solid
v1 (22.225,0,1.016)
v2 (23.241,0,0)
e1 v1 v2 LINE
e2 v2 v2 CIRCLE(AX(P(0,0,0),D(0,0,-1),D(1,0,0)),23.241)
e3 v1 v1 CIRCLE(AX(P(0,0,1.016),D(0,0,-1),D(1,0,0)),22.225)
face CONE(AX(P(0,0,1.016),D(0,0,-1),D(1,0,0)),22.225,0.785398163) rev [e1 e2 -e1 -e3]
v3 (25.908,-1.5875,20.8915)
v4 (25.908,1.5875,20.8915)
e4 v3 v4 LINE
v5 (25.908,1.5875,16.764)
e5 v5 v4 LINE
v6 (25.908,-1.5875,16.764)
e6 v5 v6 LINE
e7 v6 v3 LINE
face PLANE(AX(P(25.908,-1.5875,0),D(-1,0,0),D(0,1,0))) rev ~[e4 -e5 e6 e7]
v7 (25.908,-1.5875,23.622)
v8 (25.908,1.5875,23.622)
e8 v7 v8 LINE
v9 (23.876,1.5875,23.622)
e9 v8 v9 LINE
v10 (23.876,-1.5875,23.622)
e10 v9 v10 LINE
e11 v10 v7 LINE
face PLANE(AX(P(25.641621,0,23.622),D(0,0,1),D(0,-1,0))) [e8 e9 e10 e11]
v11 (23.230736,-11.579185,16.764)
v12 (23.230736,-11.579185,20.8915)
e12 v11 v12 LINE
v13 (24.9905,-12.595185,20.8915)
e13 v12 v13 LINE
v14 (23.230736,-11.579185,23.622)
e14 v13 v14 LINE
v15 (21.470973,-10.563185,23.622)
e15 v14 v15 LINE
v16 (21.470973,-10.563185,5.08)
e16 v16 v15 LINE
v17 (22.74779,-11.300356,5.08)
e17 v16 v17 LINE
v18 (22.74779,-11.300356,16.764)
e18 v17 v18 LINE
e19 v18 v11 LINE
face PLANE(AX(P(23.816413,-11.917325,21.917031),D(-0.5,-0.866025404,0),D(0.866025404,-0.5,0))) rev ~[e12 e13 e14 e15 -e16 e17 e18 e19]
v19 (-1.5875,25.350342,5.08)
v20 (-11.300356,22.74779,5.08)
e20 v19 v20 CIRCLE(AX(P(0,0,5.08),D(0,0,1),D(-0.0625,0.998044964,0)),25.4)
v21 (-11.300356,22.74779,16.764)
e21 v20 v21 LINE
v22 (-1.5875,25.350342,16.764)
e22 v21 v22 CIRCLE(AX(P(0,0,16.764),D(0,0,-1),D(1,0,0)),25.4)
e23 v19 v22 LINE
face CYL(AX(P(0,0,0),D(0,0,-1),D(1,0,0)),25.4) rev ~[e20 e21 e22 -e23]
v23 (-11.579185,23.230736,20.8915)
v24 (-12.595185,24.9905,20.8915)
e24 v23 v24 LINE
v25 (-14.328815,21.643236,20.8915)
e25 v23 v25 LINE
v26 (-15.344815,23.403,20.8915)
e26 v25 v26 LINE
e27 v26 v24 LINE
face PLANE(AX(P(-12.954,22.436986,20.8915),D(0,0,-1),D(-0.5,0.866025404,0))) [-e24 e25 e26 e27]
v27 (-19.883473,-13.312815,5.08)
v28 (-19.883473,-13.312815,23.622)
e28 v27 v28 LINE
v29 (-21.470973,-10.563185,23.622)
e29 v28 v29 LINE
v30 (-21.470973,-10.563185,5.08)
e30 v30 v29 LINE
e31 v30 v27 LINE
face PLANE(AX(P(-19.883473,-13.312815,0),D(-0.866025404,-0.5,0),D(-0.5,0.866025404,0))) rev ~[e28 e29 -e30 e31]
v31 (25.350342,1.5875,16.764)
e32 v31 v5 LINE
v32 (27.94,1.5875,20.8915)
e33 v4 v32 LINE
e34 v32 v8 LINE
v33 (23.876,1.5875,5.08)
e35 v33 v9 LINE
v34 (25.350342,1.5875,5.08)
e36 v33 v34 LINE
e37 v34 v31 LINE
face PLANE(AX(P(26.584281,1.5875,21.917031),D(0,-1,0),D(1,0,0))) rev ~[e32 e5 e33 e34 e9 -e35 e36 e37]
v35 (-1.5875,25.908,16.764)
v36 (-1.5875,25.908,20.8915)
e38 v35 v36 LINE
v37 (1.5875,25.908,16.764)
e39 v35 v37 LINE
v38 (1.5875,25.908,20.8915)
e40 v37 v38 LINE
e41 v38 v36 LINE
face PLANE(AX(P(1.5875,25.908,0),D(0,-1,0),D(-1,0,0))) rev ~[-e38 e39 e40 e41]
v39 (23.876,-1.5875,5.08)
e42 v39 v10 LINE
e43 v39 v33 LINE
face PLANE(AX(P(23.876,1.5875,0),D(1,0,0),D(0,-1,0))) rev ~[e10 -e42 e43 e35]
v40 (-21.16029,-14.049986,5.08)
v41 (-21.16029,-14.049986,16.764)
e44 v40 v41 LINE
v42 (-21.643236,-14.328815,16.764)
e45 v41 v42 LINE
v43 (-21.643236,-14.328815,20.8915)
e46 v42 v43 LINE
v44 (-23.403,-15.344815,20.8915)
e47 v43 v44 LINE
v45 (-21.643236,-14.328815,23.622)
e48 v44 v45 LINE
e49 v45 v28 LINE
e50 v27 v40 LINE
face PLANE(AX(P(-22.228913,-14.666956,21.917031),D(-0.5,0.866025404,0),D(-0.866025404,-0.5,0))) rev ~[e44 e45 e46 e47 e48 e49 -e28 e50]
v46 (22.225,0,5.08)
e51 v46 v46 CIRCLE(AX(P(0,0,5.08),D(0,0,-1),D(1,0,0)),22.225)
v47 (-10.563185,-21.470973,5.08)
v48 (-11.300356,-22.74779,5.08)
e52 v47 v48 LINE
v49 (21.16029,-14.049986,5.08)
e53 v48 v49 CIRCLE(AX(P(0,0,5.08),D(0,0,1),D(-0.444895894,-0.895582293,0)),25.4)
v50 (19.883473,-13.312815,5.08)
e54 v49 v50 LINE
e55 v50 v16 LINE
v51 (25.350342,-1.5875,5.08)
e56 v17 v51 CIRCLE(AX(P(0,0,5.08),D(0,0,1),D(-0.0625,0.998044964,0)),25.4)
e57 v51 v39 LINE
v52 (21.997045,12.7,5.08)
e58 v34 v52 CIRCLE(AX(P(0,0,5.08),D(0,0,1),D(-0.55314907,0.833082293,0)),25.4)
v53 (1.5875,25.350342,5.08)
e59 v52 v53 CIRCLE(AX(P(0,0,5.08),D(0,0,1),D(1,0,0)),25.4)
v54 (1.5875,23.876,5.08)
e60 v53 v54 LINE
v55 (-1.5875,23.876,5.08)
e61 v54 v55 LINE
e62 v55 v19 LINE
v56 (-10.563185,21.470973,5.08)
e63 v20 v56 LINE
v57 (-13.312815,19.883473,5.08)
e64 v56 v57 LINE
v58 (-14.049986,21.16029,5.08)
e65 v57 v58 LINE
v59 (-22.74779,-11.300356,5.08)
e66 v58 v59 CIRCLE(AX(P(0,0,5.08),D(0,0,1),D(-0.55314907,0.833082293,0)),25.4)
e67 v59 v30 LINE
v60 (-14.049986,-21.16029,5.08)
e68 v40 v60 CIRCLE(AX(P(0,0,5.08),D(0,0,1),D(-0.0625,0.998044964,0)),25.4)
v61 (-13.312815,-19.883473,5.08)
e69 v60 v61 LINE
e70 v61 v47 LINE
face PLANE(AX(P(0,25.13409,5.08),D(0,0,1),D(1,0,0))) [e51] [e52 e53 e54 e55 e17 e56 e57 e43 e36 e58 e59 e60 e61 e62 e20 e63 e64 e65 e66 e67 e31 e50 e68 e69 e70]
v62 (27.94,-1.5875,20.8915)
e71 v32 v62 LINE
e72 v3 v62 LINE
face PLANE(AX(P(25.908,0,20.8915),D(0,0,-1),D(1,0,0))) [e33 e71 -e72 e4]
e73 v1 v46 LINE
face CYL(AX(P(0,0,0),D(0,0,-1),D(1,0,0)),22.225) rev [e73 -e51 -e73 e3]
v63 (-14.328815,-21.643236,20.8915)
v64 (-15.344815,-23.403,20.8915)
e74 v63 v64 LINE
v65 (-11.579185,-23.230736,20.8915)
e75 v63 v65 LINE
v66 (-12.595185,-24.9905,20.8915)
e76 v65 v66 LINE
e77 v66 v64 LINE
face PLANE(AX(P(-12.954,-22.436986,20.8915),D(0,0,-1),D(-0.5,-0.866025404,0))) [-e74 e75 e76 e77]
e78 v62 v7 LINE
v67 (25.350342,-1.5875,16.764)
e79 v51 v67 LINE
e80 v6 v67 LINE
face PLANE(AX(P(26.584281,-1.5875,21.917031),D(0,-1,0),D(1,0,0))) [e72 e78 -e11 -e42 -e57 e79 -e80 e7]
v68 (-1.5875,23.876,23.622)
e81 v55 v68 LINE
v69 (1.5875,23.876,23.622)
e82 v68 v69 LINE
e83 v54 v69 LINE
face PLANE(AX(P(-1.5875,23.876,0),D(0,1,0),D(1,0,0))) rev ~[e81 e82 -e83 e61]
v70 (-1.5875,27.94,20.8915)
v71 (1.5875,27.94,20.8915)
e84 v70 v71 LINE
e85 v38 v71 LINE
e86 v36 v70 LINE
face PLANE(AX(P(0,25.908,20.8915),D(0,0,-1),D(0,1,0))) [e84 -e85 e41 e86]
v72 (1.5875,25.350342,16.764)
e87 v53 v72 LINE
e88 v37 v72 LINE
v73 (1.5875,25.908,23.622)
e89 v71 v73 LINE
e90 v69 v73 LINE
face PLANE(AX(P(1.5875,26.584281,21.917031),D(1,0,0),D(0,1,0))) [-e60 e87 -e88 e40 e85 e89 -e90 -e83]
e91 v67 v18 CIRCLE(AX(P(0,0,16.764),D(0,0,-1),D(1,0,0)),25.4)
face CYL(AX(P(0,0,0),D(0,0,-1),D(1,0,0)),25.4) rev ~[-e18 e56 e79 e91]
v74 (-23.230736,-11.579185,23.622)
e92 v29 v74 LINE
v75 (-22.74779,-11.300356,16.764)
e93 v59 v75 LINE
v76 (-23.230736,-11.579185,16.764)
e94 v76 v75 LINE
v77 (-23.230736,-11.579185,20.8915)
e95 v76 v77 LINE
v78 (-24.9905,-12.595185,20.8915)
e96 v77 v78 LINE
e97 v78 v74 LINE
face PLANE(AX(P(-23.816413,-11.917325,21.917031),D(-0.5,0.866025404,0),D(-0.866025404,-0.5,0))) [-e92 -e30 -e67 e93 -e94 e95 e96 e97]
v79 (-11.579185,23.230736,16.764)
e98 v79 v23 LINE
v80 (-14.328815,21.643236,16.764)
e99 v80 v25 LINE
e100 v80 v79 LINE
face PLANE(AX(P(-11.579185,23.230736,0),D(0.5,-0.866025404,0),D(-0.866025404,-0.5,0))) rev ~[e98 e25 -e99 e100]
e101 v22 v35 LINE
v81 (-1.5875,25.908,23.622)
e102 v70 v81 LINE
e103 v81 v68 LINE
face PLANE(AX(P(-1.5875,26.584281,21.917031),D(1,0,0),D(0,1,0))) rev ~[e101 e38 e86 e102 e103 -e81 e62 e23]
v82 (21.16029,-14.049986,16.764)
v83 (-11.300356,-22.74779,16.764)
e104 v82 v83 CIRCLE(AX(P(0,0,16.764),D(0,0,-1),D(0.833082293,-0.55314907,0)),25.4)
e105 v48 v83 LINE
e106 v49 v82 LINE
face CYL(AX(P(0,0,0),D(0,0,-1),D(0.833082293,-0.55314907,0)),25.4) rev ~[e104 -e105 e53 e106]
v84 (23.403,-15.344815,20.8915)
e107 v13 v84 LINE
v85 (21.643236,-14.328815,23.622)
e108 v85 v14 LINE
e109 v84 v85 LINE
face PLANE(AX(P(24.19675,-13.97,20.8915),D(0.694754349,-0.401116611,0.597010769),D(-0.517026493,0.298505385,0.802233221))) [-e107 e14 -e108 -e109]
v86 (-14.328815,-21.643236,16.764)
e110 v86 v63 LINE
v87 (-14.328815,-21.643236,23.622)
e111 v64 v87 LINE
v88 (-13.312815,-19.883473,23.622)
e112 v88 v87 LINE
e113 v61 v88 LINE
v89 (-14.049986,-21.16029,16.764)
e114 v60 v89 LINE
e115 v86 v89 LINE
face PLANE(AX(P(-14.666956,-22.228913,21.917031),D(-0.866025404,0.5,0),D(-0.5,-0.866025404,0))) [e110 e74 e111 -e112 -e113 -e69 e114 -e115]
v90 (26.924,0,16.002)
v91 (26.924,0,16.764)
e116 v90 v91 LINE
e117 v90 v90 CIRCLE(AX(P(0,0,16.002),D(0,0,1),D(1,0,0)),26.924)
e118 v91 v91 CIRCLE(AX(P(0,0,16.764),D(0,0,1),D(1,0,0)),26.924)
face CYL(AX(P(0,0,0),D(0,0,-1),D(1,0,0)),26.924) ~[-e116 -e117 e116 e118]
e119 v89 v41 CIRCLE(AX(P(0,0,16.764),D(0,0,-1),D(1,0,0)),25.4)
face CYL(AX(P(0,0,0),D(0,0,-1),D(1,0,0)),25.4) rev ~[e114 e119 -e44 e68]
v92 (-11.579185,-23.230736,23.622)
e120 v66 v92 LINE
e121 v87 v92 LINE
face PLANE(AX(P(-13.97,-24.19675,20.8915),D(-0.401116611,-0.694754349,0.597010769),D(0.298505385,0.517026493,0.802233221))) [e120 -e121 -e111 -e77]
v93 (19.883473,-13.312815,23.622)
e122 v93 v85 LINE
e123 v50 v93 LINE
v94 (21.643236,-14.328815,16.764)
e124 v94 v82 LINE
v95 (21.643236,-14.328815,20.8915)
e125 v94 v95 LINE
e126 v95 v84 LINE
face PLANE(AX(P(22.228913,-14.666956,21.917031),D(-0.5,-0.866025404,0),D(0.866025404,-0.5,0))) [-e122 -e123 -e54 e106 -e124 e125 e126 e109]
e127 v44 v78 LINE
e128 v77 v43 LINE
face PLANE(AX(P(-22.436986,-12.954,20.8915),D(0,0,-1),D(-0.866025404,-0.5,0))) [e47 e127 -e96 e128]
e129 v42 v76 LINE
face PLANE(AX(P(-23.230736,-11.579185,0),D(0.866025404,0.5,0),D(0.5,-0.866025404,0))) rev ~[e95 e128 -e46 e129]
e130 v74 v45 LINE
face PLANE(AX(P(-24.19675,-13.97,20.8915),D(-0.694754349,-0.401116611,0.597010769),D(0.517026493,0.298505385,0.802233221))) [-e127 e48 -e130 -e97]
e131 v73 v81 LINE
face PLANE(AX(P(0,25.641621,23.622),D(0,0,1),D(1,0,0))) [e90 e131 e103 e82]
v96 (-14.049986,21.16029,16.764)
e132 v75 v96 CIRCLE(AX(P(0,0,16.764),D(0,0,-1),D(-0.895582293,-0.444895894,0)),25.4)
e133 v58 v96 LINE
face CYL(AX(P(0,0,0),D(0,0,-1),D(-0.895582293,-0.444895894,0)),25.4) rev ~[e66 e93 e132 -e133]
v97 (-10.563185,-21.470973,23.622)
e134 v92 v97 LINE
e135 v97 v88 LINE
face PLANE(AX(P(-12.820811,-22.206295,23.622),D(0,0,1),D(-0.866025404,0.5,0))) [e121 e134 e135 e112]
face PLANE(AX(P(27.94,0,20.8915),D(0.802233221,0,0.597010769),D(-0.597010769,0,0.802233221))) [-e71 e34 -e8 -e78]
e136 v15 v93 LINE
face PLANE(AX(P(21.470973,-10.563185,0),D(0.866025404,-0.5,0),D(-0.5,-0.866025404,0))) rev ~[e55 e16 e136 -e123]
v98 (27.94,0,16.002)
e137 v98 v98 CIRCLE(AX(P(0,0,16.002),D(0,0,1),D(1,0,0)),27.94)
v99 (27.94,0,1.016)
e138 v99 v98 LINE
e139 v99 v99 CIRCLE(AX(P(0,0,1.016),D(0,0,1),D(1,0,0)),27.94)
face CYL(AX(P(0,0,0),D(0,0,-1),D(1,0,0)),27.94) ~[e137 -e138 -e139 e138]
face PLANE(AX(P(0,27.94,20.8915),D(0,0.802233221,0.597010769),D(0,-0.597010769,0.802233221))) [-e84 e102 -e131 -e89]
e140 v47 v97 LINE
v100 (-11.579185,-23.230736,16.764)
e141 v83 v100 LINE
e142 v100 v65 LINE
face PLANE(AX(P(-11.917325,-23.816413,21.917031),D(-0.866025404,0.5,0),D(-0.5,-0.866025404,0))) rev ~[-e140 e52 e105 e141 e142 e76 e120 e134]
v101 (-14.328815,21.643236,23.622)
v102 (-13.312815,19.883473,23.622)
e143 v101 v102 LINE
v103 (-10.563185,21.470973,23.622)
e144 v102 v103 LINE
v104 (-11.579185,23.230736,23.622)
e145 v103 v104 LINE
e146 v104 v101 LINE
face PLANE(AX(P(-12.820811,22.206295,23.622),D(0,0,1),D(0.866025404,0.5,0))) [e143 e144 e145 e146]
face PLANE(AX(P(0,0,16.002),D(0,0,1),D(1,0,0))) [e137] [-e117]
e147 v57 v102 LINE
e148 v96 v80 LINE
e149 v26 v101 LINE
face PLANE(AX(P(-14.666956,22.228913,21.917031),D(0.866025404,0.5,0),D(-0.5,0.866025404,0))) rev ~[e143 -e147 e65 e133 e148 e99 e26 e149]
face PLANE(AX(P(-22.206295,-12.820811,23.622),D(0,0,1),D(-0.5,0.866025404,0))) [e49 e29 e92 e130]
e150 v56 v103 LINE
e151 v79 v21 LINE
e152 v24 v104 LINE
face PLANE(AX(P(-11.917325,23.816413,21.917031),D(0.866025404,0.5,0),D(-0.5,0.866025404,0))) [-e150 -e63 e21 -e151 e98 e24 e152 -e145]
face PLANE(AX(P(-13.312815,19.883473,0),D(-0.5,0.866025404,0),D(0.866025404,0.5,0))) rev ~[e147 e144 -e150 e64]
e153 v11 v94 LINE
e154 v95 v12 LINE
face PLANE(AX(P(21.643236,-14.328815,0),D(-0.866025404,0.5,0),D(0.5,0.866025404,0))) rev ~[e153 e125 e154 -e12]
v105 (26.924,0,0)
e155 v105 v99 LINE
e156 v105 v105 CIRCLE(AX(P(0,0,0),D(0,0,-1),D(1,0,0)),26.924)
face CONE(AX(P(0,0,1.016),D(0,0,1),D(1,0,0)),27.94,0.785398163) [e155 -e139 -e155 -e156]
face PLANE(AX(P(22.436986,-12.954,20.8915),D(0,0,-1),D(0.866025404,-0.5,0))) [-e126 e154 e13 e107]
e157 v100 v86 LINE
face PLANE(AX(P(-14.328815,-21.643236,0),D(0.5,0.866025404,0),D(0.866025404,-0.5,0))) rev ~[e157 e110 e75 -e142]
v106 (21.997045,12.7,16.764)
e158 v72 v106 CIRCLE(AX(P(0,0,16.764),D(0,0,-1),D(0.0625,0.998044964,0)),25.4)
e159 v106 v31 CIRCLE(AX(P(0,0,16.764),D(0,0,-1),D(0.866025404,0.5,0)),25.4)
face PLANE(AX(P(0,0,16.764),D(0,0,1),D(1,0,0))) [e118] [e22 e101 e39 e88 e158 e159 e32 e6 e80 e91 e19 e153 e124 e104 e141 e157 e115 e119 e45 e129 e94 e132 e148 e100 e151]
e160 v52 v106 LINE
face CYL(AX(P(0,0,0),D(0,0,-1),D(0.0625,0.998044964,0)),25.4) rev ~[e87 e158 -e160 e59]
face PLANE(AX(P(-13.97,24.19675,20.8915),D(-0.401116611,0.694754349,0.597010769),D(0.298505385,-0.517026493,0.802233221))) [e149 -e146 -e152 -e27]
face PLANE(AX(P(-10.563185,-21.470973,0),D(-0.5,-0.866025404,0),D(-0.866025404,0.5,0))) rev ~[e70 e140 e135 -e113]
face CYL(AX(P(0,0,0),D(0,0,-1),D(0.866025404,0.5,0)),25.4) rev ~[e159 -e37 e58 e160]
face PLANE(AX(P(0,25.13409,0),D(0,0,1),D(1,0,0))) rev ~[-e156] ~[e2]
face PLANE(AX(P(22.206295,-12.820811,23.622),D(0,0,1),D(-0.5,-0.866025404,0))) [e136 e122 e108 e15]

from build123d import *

# Parameters (mm, degrees)
F0_R      = 26.924
F1_DEPTH  = 16.764
F0_R_2    = 27.94
F2_DEPTH  = 16.002
F0_R_3    = 22.225
F3_DEPTH  = 5.08
F4_SIZE   = 1.016
F0_W      = 3.175
F0_H      = 1.016
F5_DEPTH  = 23.622
F7_DEPTH  = 1.5875
F8_COUNT  = 3
F9_COUNT  = 2
F9_ANGLE  = 30
F10_COUNT = 3


with BuildPart() as f1:
    # F0 (on Top) → F1 (new body)
    with BuildSketch(Plane.XY):
        Circle(F0_R)
        with BuildLine():
            ThreePointArc((1.5875, 25.3503420835), (18.5132722661, 17.3901912008), (25.4, 0))
            ThreePointArc((25.4, 0), (-17.3901912008, -18.5132722661), (-1.5875, 25.3503420835))
            Line((-1.5875, 25.3503420835), (-1.5875, 25.908))
            Line((-1.5875, 25.908), (1.5875, 25.908))
            Line((1.5875, 25.908), (1.5875, 25.3503420835))
        make_face(mode=Mode.SUBTRACT)
        with BuildLine():
            ThreePointArc((-1.5875, 25.3503420835), (0, 25.4), (1.5875, 25.3503420835))
            Line((1.5875, 25.3503420835), (1.5875, 25.908))
            Line((1.5875, 25.908), (-1.5875, 25.908))
            Line((-1.5875, 25.908), (-1.5875, 25.3503420835))
        make_face()
    extrude(amount=F1_DEPTH)

    # F0 (on Top) → F2 (join)
    with BuildSketch(Plane.XY):
        Circle(F0_R_2)
        Circle(F0_R, mode=Mode.SUBTRACT)
    extrude(amount=F2_DEPTH)

    # F0 (on Top) → F3 (join)
    with BuildSketch(Plane.XY):
        with BuildLine():
            Line((1.5875, 24.892), (1.5875, 25.3503420835))
            ThreePointArc((1.5875, 25.3503420835), (0, 25.4), (-1.5875, 25.3503420835))
            Line((-1.5875, 25.3503420835), (-1.5875, 24.892))
            Line((-1.5875, 24.892), (1.5875, 24.892))
        make_face()
        with BuildLine():
            ThreePointArc((-1.5875, 25.3503420835), (-17.3901912008, -18.5132722661), (25.4, 0))
            ThreePointArc((25.4, 0), (18.5132722661, 17.3901912008), (1.5875, 25.3503420835))
            Line((1.5875, 25.3503420835), (1.5875, 24.892))
            Line((1.5875, 24.892), (1.5875, 23.876))
            Line((1.5875, 23.876), (-1.5875, 23.876))
            Line((-1.5875, 23.876), (-1.5875, 24.892))
            Line((-1.5875, 24.892), (-1.5875, 25.3503420835))
        make_face()
        Circle(F0_R_3, mode=Mode.SUBTRACT)
    extrude(amount=F3_DEPTH)

    # F4
    f4_edges = [f1.edges().sort_by_distance(p)[0] for p in [
        (-27.94, 0, 0),
        (-22.225, 0, 0),
    ]]
    chamfer(f4_edges, length=F4_SIZE)

    # F0 (on Top) → F5 (join)
    with BuildSketch(Plane.XY):
        with BuildLine():
            ThreePointArc((-1.5875, 25.3503420835), (0, 25.4), (1.5875, 25.3503420835))
            Line((1.5875, 25.3503420835), (1.5875, 25.908))
            Line((1.5875, 25.908), (-1.5875, 25.908))
            Line((-1.5875, 25.908), (-1.5875, 25.3503420835))
        make_face()
        with BuildLine():
            Line((1.5875, 24.892), (1.5875, 25.3503420835))
            ThreePointArc((1.5875, 25.3503420835), (0, 25.4), (-1.5875, 25.3503420835))
            Line((-1.5875, 25.3503420835), (-1.5875, 24.892))
            Line((-1.5875, 24.892), (1.5875, 24.892))
        make_face()
        with Locations((0, 24.384)):
            Rectangle(F0_W, F0_H)
    extrude(amount=F5_DEPTH)

    # F6 (on Right) → F7 (join, symmetric)
    with BuildSketch(Plane.YZ):
        Polygon((25.908, 20.8915), (27.94, 20.8915), (25.908, 23.622), align=None)
    extrude(amount=F7_DEPTH, both=True)

    # F8: F1 ×3 about axis
    f8_axis = Axis((0, 0, 10.7297506183), (0, 0, 1))


with BuildPart() as f1_1:
    add(f1.part)
    for i in range(1, F8_COUNT):
        add(f1.part.rotate(f8_axis, i * 360 / F8_COUNT))

    # F9: F1 ×2 about axis
    f9_axis = Axis((0, 0, 10.7297506183), (0, 0, 1))


with BuildPart() as f1_2:
    add(f1_1.part)
    for i in range(1, F9_COUNT):
        add(f1_1.part.rotate(f9_axis, i * F9_ANGLE / (F9_COUNT - 1)))

    # F10: F1 ×3 about axis
    f10_axis = Axis((0, 0, 10.7297506183), (0, 0, 1))


with BuildPart() as f1_3:
    add(f1_2.part)
    for i in range(1, F10_COUNT):
        add(f1_2.part.rotate(f10_axis, i * 360 / F10_COUNT))


solid = f1_3.part
